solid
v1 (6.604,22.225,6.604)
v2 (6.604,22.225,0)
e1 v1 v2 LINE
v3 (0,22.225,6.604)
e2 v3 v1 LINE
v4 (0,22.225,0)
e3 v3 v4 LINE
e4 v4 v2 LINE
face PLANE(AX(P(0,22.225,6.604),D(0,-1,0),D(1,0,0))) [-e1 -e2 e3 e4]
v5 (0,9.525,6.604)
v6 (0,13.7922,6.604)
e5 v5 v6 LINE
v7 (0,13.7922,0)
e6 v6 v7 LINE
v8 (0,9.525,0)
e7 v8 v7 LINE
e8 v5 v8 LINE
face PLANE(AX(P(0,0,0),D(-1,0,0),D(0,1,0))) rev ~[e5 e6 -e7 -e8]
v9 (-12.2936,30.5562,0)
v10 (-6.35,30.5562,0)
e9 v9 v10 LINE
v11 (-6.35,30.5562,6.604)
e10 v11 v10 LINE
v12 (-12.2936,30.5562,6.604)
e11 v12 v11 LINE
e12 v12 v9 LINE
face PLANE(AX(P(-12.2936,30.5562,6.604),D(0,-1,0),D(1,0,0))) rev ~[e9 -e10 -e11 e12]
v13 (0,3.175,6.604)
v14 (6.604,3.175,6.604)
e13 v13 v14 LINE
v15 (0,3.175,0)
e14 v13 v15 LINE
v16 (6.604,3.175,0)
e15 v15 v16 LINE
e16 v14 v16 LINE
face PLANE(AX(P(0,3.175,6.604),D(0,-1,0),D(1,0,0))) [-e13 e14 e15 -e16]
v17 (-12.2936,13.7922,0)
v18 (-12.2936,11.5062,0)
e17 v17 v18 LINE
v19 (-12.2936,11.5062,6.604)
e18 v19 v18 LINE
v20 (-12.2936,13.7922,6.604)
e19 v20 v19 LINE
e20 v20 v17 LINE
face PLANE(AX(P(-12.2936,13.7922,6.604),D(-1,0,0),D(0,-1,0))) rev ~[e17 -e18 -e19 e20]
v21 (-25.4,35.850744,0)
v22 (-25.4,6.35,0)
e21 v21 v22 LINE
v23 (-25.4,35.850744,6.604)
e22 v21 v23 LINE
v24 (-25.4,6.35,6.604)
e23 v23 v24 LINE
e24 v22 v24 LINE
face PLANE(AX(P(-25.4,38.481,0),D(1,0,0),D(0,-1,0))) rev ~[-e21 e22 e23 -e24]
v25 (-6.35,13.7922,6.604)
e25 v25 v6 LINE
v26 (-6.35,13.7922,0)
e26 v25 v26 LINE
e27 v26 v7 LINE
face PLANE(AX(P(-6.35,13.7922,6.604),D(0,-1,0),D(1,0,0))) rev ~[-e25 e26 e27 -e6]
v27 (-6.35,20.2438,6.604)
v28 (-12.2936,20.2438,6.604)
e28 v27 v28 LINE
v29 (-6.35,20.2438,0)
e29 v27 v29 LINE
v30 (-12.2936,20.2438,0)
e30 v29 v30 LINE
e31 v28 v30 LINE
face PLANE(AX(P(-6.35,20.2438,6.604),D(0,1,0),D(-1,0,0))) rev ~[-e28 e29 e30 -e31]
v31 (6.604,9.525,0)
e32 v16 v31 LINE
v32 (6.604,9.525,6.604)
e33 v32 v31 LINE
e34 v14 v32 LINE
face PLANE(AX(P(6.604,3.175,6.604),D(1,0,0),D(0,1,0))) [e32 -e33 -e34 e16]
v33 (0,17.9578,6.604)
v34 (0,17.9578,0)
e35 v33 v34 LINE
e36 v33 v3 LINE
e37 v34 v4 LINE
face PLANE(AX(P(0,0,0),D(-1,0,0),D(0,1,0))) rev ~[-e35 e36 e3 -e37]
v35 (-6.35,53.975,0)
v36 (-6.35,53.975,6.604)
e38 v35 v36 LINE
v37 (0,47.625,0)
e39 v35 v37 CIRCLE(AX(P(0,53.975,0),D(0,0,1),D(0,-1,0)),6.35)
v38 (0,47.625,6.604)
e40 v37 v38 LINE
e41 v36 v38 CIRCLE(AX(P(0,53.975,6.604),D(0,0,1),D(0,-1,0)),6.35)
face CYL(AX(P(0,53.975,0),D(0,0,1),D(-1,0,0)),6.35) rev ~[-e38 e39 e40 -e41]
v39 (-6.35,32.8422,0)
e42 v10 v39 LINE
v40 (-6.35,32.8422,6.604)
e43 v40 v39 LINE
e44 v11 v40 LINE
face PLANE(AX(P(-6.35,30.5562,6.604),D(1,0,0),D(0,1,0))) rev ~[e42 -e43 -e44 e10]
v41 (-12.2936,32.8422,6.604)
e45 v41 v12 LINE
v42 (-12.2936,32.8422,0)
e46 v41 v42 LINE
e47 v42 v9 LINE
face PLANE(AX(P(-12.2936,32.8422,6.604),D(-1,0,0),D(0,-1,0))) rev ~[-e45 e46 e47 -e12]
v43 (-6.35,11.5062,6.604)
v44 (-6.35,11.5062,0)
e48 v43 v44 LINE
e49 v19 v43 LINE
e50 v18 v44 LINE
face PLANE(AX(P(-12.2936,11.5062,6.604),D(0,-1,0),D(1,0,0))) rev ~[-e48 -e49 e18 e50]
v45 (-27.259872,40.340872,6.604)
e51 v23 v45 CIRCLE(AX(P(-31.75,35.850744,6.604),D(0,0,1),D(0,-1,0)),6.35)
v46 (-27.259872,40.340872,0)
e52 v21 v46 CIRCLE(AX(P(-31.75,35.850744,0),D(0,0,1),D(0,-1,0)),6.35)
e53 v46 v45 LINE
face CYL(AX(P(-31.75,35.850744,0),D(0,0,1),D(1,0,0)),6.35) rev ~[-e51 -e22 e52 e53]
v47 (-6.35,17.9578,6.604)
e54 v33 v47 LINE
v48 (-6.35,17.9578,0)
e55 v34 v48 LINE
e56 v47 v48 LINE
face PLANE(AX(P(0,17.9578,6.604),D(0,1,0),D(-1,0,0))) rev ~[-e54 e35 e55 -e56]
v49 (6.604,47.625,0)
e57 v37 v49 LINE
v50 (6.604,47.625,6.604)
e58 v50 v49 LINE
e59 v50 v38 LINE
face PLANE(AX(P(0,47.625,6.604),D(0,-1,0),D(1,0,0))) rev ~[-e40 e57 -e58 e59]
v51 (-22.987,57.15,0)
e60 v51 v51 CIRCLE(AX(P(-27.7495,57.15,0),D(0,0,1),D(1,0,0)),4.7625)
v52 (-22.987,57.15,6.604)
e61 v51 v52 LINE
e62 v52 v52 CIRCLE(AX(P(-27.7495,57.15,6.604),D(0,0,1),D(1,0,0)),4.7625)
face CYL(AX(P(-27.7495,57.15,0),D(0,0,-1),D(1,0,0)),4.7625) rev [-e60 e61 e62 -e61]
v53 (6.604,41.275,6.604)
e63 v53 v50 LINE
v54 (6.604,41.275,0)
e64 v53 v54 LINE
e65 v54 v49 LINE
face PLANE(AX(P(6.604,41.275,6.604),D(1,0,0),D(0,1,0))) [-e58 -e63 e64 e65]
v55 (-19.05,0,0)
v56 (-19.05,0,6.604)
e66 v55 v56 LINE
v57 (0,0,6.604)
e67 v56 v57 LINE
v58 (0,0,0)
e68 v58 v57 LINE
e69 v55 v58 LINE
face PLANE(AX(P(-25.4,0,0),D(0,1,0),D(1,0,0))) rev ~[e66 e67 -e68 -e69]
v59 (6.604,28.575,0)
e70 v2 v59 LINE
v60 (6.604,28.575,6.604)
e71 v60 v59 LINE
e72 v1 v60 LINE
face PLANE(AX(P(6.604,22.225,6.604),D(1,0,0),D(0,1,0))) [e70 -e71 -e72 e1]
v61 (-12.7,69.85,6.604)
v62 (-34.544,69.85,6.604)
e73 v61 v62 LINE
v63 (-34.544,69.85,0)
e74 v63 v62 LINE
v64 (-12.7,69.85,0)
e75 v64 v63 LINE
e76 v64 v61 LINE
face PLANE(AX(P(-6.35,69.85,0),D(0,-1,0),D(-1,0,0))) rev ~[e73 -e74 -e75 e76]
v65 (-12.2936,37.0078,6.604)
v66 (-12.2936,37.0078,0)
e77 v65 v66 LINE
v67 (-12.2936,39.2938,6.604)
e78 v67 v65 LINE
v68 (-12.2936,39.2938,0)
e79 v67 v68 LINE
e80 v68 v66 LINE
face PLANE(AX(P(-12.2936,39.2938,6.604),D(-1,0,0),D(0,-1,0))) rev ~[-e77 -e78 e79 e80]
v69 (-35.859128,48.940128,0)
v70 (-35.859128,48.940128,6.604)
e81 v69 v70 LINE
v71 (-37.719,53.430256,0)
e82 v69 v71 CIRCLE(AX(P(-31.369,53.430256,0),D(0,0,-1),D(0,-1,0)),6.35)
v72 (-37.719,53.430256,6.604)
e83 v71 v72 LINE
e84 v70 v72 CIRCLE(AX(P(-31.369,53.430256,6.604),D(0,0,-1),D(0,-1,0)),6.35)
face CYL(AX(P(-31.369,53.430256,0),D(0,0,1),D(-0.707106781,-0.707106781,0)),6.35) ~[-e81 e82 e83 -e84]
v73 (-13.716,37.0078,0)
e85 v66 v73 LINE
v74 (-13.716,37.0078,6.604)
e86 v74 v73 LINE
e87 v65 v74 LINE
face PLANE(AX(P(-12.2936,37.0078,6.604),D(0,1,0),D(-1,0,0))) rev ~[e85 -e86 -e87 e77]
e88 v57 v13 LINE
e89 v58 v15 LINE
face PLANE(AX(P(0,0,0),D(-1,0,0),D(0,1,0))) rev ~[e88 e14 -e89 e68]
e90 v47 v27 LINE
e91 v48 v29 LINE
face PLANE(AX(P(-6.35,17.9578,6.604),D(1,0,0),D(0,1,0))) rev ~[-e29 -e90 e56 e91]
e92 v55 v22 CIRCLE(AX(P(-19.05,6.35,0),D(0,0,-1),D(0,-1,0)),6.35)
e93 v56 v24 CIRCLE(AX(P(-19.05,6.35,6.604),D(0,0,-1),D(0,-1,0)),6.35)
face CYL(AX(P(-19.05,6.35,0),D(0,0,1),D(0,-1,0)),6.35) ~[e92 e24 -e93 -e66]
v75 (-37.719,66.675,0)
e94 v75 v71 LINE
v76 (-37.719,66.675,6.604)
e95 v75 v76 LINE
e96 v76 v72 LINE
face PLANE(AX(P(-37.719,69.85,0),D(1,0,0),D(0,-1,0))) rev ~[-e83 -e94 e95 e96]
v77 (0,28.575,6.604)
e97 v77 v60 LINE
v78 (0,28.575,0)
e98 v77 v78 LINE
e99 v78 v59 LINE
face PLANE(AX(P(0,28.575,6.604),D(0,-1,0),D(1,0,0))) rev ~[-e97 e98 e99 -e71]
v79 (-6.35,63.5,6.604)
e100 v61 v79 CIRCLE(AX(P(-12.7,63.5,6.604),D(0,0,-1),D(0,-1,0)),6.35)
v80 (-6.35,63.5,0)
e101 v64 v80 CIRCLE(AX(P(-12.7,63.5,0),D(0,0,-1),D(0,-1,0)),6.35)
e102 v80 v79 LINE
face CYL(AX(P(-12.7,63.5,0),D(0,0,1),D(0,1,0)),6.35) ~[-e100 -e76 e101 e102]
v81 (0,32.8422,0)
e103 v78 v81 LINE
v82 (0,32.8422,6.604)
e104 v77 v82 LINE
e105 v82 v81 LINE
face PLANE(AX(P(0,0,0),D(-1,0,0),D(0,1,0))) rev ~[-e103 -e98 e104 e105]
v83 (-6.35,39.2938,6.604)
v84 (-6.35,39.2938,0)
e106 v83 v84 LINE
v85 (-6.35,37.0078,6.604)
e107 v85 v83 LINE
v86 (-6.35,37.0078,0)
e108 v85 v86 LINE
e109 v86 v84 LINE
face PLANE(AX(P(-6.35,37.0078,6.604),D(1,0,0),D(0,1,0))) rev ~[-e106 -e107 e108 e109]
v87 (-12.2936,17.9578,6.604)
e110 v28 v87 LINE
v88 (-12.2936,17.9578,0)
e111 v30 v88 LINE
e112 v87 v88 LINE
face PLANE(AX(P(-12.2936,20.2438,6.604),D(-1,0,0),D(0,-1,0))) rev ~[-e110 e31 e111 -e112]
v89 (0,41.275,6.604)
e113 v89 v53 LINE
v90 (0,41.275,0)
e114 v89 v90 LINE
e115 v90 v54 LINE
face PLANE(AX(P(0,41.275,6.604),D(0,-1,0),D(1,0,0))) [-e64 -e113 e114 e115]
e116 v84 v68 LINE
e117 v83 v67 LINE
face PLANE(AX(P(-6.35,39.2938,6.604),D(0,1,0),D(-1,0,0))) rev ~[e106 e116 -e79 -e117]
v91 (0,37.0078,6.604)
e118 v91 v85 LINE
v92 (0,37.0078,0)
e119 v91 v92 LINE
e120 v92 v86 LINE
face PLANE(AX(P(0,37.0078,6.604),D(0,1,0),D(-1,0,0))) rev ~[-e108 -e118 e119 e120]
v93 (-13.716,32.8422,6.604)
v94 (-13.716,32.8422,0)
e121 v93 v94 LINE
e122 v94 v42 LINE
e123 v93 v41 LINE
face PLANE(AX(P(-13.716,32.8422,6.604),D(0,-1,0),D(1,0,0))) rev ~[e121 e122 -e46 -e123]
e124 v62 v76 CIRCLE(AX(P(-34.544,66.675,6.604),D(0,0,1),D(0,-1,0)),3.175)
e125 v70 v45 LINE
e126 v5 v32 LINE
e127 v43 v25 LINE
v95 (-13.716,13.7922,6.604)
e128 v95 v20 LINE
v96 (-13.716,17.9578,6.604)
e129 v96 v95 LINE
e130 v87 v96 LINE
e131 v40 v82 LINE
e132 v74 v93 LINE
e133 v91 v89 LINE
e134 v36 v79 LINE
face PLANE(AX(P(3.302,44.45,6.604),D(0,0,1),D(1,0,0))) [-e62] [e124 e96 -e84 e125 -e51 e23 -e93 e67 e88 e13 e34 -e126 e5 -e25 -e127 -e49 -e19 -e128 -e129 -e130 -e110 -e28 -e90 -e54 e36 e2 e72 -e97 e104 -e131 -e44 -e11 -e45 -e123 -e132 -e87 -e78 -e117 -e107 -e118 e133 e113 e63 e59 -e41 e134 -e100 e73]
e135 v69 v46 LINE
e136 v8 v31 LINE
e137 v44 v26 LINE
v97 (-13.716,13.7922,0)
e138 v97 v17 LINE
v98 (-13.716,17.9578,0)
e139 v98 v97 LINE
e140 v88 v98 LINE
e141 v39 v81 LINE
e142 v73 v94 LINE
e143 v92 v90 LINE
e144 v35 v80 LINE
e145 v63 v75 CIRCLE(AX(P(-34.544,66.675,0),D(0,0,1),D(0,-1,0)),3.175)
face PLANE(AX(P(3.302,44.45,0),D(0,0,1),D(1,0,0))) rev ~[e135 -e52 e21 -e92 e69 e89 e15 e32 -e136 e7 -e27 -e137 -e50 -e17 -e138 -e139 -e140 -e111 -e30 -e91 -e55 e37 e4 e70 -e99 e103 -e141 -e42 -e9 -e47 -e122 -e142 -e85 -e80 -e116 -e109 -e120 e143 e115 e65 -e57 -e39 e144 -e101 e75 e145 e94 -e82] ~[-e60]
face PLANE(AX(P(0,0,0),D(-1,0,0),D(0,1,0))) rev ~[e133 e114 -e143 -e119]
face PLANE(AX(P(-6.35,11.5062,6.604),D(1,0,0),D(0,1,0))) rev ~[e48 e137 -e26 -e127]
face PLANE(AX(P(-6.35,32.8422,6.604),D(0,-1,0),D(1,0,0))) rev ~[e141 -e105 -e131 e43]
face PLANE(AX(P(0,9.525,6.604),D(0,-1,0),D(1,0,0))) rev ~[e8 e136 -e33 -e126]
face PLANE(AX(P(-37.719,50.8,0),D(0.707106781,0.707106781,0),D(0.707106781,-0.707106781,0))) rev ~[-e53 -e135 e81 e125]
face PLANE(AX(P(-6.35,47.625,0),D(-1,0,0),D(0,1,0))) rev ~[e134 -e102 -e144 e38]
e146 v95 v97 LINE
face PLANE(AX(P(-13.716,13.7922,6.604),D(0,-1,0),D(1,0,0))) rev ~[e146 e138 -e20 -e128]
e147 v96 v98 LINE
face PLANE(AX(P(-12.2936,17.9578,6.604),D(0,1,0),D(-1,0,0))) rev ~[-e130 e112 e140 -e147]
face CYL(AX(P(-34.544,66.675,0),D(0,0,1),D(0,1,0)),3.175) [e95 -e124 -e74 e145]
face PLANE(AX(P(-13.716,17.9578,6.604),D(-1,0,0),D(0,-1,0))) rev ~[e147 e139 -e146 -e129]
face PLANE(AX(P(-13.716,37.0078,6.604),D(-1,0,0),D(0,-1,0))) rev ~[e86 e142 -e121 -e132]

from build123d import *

# Parameters (mm, degrees)
SKETCH1_R           = 4.7625
BOSS_EXTRUDE1_DEPTH = 6.604
CUT_EXTRUDE1_DEPTH  = 7.604
SKETCH3_W           = 6.604
SKETCH3_H           = 6.35
BOSS_EXTRUDE2_DEPTH = 6.604
FILLET1_R           = 6.35
FILLET2_R           = 3.175


with BuildPart() as part:
    # Sketch1 → Boss-Extrude1 (new body)
    with BuildSketch(Plane.XY):
        Polygon((0, 0), (0, 47.625), (-6.35, 47.625), (-6.35, 69.85), (-37.719, 69.85), (-37.719, 50.8), (-25.4, 38.481), (-25.4, 0), align=None)
        with Locations((-27.7495, 57.15)):
            Circle(SKETCH1_R, mode=Mode.SUBTRACT)
    extrude(amount=BOSS_EXTRUDE1_DEPTH)

    # Sketch2 → Cut-Extrude1 (cut, through all)
    with BuildSketch(Plane.XY.offset(6.604)):
        Polygon((-12.2936, 37.0078), (-13.716, 37.0078), (-13.716, 32.8422), (-12.2936, 32.8422), (-12.2936, 30.5562), (-6.35, 30.5562), (-6.35, 32.8422), (0, 32.8422), (0, 37.0078), (-6.35, 37.0078), (-6.35, 39.2938), (-12.2936, 39.2938), align=None)
        Polygon((-12.2936, 20.2438), (-12.2936, 17.9578), (-13.716, 17.9578), (-13.716, 13.7922), (-12.2936, 13.7922), (-12.2936, 11.5062), (-6.35, 11.5062), (-6.35, 13.7922), (0, 13.7922), (0, 17.9578), (-6.35, 17.9578), (-6.35, 20.2438), align=None)
    extrude(amount=-CUT_EXTRUDE1_DEPTH, mode=Mode.SUBTRACT)

    # Sketch3 → Boss-Extrude2 (add)
    with BuildSketch(Plane.XY.offset(6.604)):
        with Locations((3.302, 44.45)):
            Rectangle(SKETCH3_W, SKETCH3_H)
        with Locations((3.302, 25.4)):
            Rectangle(SKETCH3_W, SKETCH3_H)
        with Locations((3.302, 6.35)):
            Rectangle(SKETCH3_W, SKETCH3_H)
    extrude(amount=-BOSS_EXTRUDE2_DEPTH)

    # Fillet1
    fillet1_edges = [part.edges().sort_by_distance(p)[0] for p in [
        (-25.4, 0, 3.302),
        (-25.4, 38.481, 3.302),
        (-37.719, 50.8, 3.302),
        (-6.35, 69.85, 3.302),
        (-6.35, 47.625, 3.302),
    ]]
    fillet(fillet1_edges, radius=FILLET1_R)

    # Fillet2
    fillet2_edges = [part.edges().sort_by_distance(p)[0] for p in [
        (-37.719, 69.85, 3.302),
    ]]
    fillet(fillet2_edges, radius=FILLET2_R)


solid = part.part
